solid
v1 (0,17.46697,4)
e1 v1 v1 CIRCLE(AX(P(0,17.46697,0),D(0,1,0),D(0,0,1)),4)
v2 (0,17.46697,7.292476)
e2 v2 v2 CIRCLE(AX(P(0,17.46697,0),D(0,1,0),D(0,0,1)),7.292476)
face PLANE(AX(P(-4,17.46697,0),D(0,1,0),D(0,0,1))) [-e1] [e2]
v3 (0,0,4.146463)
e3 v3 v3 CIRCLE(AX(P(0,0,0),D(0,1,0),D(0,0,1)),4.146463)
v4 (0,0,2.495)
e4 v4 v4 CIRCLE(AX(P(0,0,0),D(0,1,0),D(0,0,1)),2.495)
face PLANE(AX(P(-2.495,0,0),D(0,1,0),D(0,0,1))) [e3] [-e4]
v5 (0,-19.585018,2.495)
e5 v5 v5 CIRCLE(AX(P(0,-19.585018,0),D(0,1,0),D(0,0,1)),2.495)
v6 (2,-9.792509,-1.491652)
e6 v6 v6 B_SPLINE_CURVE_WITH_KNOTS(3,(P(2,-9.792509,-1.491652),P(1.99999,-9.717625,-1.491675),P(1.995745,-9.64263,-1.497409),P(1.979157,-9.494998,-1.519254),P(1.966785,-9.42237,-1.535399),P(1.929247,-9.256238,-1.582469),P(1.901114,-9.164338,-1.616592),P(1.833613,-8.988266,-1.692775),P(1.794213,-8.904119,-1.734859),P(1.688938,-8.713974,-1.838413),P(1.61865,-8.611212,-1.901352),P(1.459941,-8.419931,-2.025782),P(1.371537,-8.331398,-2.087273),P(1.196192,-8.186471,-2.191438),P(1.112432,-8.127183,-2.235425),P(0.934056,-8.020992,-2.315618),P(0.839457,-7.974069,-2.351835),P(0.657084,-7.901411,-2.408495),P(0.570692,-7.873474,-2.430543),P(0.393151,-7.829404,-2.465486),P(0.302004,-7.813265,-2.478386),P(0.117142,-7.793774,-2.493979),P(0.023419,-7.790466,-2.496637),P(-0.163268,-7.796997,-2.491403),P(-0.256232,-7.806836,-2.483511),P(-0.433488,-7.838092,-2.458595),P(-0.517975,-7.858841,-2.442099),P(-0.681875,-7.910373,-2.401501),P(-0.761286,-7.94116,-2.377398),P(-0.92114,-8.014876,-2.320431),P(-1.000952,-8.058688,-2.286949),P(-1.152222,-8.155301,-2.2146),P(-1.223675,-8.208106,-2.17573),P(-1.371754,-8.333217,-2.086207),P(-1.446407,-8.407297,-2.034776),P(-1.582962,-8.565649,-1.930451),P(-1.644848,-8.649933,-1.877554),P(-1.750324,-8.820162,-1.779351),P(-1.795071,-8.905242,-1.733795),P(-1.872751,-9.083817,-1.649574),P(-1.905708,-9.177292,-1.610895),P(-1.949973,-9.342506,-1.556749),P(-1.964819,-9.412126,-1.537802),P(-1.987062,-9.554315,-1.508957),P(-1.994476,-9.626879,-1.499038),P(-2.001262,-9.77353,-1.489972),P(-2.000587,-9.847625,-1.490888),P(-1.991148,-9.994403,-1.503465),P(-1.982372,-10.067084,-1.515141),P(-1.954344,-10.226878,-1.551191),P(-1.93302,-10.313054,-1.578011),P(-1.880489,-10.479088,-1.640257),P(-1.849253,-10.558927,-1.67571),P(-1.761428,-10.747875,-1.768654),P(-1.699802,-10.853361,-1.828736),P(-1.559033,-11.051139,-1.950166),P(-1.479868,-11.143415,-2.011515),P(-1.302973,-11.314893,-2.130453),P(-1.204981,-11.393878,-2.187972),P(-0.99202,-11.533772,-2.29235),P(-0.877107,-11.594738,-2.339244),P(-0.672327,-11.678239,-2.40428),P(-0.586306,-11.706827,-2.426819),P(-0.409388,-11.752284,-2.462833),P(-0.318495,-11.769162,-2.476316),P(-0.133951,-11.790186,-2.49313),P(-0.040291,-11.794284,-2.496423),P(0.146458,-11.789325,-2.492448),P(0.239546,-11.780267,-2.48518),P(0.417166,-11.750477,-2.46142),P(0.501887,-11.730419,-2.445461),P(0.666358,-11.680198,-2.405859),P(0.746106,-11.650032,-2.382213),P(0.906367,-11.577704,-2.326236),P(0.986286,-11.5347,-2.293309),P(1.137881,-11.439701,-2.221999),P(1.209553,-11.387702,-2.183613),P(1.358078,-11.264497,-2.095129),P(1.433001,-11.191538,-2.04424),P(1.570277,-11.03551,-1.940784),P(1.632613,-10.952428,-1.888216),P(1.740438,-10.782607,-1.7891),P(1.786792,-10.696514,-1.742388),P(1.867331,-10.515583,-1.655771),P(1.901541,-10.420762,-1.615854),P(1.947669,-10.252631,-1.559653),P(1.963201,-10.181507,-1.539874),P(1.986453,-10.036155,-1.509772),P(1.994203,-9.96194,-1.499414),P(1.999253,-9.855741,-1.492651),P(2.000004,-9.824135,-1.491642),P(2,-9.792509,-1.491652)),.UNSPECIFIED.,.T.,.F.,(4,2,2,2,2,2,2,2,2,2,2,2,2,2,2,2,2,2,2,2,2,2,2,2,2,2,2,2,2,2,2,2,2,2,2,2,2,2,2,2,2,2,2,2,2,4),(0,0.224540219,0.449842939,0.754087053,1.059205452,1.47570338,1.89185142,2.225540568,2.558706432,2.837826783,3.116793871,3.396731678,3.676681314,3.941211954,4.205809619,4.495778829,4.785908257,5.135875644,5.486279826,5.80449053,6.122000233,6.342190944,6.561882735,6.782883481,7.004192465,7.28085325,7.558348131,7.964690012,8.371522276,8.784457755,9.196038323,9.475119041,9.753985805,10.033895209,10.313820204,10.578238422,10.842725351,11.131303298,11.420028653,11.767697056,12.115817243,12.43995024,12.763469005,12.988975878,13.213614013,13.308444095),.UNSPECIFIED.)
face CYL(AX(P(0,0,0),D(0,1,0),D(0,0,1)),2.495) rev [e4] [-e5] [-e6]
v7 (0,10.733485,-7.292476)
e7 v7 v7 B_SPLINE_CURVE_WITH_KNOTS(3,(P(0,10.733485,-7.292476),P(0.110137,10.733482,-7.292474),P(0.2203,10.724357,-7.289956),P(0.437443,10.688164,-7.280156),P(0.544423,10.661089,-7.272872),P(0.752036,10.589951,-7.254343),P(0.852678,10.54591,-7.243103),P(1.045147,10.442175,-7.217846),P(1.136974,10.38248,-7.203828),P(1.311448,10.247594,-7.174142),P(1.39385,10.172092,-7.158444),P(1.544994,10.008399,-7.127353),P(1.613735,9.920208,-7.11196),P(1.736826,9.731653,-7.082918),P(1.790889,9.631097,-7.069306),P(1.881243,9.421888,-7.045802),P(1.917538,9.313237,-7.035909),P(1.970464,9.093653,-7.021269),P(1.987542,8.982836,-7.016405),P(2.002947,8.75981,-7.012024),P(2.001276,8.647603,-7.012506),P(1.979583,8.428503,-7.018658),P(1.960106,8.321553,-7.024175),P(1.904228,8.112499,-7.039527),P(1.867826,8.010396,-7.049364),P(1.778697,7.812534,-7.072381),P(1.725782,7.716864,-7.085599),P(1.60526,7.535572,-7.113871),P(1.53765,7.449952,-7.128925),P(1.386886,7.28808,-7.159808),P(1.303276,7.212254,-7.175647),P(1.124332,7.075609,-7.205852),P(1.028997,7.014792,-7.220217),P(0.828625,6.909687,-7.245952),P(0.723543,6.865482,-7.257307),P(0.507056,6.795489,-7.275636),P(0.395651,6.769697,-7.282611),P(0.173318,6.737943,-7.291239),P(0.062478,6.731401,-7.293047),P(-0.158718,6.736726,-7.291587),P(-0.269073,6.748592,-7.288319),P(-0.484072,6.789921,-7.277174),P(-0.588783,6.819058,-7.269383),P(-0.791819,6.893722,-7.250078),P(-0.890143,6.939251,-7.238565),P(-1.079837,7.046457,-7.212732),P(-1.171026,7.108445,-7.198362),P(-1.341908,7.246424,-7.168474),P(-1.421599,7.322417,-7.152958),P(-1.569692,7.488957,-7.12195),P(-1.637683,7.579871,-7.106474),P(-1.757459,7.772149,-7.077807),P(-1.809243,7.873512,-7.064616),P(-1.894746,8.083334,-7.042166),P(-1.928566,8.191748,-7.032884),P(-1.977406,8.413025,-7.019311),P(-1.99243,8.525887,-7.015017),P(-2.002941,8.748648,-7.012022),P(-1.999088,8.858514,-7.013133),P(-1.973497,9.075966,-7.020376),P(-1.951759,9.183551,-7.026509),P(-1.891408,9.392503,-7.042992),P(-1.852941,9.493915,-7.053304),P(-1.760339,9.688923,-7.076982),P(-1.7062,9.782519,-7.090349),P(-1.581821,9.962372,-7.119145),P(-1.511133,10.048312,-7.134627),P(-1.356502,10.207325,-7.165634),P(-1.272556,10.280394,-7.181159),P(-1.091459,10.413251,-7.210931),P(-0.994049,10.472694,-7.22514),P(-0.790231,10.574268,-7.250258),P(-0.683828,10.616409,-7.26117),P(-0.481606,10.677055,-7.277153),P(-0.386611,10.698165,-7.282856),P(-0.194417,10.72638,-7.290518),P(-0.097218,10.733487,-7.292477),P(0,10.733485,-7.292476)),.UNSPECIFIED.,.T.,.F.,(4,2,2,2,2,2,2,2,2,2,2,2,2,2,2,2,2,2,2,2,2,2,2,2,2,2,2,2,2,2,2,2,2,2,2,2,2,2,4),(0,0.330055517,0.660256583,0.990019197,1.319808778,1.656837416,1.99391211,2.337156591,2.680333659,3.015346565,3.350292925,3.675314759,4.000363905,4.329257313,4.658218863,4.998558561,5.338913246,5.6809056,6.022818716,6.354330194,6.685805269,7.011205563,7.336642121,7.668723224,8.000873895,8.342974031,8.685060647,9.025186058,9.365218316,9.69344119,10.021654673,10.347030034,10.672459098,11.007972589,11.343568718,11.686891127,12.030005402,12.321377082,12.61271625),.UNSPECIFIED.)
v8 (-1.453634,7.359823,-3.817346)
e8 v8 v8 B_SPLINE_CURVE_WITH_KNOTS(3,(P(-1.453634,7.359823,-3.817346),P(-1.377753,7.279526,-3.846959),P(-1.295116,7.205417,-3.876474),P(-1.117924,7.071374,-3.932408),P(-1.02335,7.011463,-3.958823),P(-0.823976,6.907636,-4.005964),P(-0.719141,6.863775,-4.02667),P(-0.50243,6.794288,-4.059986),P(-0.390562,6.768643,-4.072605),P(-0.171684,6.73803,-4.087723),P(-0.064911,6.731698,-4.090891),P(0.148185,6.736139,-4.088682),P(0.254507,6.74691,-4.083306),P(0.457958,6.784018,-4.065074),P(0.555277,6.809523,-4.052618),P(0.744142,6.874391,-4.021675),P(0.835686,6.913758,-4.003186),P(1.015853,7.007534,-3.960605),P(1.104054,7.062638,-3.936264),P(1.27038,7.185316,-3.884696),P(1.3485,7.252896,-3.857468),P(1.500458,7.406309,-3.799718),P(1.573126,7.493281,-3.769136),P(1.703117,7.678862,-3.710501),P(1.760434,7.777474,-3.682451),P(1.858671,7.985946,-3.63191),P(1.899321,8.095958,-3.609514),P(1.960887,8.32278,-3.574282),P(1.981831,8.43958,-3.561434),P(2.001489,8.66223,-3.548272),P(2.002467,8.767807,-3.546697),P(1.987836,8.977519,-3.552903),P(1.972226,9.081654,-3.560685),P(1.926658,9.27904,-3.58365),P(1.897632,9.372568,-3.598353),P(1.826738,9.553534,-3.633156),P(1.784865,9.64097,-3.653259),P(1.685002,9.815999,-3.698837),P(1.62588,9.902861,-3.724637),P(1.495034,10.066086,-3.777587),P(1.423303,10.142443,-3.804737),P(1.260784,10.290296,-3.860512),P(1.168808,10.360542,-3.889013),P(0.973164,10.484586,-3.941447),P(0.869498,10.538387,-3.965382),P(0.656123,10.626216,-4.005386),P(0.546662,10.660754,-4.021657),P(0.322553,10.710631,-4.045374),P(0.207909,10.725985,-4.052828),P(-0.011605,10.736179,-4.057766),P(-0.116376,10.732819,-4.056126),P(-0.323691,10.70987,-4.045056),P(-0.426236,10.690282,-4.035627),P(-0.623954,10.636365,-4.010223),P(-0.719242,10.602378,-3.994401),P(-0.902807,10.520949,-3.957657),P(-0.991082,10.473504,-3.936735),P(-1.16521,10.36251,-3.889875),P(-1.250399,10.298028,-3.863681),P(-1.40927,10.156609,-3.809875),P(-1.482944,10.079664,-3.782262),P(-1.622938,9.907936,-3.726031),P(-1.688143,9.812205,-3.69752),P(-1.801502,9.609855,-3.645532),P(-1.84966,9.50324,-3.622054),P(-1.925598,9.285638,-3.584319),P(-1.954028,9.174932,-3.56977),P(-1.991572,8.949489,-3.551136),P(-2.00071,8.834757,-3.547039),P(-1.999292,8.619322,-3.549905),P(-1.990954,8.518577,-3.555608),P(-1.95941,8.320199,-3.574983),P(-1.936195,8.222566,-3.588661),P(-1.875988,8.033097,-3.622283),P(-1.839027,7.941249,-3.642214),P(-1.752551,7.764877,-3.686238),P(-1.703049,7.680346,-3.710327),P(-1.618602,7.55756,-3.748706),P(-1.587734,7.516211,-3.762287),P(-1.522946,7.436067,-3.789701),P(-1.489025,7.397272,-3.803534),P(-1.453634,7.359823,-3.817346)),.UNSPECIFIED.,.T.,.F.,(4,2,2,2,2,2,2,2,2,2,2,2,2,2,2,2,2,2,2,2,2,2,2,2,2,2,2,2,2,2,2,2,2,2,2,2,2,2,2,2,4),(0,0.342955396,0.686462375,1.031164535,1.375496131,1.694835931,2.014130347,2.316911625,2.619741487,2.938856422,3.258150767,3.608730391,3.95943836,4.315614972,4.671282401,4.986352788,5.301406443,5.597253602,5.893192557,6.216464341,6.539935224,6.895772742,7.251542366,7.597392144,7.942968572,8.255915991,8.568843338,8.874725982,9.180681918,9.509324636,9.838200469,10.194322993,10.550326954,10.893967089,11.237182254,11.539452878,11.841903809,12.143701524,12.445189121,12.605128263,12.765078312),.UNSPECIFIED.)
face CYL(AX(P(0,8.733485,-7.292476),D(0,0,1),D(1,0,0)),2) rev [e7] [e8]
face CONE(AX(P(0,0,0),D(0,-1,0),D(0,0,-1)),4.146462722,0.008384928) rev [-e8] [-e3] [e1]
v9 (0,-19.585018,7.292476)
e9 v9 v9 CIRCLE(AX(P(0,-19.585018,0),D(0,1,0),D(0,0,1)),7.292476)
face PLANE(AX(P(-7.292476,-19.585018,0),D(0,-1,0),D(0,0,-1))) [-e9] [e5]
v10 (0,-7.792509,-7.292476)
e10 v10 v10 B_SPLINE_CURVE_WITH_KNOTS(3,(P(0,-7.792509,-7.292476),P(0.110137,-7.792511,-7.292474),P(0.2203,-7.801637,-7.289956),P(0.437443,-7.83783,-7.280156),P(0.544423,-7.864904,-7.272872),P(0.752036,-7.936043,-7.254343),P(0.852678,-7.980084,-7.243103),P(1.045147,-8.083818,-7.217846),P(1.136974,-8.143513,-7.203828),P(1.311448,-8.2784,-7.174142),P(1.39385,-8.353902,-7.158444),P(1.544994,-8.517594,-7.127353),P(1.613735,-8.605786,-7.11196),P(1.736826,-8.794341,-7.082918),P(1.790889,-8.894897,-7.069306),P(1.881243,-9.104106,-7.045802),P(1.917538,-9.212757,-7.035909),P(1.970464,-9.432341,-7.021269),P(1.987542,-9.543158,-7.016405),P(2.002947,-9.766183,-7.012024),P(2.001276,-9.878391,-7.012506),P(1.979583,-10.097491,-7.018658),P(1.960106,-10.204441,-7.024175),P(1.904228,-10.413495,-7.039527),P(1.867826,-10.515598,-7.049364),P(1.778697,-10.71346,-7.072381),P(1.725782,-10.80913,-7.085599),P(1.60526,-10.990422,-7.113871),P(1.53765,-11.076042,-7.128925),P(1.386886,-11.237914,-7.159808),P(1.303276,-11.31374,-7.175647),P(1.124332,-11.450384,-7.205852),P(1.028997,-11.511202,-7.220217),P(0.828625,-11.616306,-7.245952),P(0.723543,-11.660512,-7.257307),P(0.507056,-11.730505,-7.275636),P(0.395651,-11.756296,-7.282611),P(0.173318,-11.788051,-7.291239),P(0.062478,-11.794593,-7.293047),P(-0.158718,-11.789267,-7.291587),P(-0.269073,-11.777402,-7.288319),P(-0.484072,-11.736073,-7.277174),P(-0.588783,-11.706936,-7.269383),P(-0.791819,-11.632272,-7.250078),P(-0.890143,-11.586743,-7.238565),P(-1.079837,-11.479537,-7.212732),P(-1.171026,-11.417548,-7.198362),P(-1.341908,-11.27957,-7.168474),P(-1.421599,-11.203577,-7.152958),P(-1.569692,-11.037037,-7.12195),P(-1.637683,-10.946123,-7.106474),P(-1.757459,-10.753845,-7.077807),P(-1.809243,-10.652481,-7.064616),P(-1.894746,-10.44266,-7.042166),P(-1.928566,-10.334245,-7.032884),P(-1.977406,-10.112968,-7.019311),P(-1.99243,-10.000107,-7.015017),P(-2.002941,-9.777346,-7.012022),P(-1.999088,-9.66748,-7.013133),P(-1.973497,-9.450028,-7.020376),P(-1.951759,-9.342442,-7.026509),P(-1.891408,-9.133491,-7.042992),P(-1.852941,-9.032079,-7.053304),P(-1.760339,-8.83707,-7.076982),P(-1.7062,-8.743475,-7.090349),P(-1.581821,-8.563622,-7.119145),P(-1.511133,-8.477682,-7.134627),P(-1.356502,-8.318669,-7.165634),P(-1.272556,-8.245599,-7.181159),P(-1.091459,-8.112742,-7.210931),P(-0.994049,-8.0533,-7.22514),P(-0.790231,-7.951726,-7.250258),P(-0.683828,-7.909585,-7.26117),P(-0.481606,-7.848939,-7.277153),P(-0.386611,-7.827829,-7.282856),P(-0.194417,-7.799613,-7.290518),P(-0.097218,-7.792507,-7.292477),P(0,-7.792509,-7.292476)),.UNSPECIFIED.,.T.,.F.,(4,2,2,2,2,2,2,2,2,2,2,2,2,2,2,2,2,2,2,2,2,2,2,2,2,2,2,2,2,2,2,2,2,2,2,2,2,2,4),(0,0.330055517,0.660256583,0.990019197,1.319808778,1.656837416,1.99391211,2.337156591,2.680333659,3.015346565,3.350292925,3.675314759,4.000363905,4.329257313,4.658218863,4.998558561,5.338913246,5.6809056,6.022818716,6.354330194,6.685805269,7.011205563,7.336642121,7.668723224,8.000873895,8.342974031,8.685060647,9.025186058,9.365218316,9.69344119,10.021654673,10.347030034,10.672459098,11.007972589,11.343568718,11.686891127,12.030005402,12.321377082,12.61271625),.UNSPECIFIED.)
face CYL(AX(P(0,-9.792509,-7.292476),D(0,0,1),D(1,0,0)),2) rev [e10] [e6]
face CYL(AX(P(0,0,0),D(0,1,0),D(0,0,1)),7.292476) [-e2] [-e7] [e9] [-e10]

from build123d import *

# Parameters (mm, degrees)
ESQUISSE2_R             = 2
ENL_V_MAT_EXTRU_1_DEPTH = 23.134437673


with BuildPart() as part:
    # Esquisse1 → Révolution1 (revolve)
    with BuildSketch(Plane.XY, mode=Mode.PRIVATE) as r_volution1_sk:
        Polygon((-2.495, -19.585017995), (-2.495, 0), (-4.146462722, 0), (-4, 17.466969529), (-7.292475615, 17.466969529), (-7.292475615, -19.585017995), align=None)
    revolve(r_volution1_sk.sketch.rotate(Axis((0, 0, 0), (0, -1, 0)), 270), axis=Axis((0, 0, 0), (0, -1, 0)))

    # Esquisse2 → Enlèv. mat.-Extru.1 (cut, through all)
    with BuildSketch(Plane.XY):
        with Locations(Location((0, 8.733484764, 0), (0, 0, 90))):
            Circle(ESQUISSE2_R)
        with Locations((0, -9.792508998)):
            Circle(ESQUISSE2_R)
    extrude(amount=-ENL_V_MAT_EXTRU_1_DEPTH, mode=Mode.SUBTRACT)


solid = part.part
